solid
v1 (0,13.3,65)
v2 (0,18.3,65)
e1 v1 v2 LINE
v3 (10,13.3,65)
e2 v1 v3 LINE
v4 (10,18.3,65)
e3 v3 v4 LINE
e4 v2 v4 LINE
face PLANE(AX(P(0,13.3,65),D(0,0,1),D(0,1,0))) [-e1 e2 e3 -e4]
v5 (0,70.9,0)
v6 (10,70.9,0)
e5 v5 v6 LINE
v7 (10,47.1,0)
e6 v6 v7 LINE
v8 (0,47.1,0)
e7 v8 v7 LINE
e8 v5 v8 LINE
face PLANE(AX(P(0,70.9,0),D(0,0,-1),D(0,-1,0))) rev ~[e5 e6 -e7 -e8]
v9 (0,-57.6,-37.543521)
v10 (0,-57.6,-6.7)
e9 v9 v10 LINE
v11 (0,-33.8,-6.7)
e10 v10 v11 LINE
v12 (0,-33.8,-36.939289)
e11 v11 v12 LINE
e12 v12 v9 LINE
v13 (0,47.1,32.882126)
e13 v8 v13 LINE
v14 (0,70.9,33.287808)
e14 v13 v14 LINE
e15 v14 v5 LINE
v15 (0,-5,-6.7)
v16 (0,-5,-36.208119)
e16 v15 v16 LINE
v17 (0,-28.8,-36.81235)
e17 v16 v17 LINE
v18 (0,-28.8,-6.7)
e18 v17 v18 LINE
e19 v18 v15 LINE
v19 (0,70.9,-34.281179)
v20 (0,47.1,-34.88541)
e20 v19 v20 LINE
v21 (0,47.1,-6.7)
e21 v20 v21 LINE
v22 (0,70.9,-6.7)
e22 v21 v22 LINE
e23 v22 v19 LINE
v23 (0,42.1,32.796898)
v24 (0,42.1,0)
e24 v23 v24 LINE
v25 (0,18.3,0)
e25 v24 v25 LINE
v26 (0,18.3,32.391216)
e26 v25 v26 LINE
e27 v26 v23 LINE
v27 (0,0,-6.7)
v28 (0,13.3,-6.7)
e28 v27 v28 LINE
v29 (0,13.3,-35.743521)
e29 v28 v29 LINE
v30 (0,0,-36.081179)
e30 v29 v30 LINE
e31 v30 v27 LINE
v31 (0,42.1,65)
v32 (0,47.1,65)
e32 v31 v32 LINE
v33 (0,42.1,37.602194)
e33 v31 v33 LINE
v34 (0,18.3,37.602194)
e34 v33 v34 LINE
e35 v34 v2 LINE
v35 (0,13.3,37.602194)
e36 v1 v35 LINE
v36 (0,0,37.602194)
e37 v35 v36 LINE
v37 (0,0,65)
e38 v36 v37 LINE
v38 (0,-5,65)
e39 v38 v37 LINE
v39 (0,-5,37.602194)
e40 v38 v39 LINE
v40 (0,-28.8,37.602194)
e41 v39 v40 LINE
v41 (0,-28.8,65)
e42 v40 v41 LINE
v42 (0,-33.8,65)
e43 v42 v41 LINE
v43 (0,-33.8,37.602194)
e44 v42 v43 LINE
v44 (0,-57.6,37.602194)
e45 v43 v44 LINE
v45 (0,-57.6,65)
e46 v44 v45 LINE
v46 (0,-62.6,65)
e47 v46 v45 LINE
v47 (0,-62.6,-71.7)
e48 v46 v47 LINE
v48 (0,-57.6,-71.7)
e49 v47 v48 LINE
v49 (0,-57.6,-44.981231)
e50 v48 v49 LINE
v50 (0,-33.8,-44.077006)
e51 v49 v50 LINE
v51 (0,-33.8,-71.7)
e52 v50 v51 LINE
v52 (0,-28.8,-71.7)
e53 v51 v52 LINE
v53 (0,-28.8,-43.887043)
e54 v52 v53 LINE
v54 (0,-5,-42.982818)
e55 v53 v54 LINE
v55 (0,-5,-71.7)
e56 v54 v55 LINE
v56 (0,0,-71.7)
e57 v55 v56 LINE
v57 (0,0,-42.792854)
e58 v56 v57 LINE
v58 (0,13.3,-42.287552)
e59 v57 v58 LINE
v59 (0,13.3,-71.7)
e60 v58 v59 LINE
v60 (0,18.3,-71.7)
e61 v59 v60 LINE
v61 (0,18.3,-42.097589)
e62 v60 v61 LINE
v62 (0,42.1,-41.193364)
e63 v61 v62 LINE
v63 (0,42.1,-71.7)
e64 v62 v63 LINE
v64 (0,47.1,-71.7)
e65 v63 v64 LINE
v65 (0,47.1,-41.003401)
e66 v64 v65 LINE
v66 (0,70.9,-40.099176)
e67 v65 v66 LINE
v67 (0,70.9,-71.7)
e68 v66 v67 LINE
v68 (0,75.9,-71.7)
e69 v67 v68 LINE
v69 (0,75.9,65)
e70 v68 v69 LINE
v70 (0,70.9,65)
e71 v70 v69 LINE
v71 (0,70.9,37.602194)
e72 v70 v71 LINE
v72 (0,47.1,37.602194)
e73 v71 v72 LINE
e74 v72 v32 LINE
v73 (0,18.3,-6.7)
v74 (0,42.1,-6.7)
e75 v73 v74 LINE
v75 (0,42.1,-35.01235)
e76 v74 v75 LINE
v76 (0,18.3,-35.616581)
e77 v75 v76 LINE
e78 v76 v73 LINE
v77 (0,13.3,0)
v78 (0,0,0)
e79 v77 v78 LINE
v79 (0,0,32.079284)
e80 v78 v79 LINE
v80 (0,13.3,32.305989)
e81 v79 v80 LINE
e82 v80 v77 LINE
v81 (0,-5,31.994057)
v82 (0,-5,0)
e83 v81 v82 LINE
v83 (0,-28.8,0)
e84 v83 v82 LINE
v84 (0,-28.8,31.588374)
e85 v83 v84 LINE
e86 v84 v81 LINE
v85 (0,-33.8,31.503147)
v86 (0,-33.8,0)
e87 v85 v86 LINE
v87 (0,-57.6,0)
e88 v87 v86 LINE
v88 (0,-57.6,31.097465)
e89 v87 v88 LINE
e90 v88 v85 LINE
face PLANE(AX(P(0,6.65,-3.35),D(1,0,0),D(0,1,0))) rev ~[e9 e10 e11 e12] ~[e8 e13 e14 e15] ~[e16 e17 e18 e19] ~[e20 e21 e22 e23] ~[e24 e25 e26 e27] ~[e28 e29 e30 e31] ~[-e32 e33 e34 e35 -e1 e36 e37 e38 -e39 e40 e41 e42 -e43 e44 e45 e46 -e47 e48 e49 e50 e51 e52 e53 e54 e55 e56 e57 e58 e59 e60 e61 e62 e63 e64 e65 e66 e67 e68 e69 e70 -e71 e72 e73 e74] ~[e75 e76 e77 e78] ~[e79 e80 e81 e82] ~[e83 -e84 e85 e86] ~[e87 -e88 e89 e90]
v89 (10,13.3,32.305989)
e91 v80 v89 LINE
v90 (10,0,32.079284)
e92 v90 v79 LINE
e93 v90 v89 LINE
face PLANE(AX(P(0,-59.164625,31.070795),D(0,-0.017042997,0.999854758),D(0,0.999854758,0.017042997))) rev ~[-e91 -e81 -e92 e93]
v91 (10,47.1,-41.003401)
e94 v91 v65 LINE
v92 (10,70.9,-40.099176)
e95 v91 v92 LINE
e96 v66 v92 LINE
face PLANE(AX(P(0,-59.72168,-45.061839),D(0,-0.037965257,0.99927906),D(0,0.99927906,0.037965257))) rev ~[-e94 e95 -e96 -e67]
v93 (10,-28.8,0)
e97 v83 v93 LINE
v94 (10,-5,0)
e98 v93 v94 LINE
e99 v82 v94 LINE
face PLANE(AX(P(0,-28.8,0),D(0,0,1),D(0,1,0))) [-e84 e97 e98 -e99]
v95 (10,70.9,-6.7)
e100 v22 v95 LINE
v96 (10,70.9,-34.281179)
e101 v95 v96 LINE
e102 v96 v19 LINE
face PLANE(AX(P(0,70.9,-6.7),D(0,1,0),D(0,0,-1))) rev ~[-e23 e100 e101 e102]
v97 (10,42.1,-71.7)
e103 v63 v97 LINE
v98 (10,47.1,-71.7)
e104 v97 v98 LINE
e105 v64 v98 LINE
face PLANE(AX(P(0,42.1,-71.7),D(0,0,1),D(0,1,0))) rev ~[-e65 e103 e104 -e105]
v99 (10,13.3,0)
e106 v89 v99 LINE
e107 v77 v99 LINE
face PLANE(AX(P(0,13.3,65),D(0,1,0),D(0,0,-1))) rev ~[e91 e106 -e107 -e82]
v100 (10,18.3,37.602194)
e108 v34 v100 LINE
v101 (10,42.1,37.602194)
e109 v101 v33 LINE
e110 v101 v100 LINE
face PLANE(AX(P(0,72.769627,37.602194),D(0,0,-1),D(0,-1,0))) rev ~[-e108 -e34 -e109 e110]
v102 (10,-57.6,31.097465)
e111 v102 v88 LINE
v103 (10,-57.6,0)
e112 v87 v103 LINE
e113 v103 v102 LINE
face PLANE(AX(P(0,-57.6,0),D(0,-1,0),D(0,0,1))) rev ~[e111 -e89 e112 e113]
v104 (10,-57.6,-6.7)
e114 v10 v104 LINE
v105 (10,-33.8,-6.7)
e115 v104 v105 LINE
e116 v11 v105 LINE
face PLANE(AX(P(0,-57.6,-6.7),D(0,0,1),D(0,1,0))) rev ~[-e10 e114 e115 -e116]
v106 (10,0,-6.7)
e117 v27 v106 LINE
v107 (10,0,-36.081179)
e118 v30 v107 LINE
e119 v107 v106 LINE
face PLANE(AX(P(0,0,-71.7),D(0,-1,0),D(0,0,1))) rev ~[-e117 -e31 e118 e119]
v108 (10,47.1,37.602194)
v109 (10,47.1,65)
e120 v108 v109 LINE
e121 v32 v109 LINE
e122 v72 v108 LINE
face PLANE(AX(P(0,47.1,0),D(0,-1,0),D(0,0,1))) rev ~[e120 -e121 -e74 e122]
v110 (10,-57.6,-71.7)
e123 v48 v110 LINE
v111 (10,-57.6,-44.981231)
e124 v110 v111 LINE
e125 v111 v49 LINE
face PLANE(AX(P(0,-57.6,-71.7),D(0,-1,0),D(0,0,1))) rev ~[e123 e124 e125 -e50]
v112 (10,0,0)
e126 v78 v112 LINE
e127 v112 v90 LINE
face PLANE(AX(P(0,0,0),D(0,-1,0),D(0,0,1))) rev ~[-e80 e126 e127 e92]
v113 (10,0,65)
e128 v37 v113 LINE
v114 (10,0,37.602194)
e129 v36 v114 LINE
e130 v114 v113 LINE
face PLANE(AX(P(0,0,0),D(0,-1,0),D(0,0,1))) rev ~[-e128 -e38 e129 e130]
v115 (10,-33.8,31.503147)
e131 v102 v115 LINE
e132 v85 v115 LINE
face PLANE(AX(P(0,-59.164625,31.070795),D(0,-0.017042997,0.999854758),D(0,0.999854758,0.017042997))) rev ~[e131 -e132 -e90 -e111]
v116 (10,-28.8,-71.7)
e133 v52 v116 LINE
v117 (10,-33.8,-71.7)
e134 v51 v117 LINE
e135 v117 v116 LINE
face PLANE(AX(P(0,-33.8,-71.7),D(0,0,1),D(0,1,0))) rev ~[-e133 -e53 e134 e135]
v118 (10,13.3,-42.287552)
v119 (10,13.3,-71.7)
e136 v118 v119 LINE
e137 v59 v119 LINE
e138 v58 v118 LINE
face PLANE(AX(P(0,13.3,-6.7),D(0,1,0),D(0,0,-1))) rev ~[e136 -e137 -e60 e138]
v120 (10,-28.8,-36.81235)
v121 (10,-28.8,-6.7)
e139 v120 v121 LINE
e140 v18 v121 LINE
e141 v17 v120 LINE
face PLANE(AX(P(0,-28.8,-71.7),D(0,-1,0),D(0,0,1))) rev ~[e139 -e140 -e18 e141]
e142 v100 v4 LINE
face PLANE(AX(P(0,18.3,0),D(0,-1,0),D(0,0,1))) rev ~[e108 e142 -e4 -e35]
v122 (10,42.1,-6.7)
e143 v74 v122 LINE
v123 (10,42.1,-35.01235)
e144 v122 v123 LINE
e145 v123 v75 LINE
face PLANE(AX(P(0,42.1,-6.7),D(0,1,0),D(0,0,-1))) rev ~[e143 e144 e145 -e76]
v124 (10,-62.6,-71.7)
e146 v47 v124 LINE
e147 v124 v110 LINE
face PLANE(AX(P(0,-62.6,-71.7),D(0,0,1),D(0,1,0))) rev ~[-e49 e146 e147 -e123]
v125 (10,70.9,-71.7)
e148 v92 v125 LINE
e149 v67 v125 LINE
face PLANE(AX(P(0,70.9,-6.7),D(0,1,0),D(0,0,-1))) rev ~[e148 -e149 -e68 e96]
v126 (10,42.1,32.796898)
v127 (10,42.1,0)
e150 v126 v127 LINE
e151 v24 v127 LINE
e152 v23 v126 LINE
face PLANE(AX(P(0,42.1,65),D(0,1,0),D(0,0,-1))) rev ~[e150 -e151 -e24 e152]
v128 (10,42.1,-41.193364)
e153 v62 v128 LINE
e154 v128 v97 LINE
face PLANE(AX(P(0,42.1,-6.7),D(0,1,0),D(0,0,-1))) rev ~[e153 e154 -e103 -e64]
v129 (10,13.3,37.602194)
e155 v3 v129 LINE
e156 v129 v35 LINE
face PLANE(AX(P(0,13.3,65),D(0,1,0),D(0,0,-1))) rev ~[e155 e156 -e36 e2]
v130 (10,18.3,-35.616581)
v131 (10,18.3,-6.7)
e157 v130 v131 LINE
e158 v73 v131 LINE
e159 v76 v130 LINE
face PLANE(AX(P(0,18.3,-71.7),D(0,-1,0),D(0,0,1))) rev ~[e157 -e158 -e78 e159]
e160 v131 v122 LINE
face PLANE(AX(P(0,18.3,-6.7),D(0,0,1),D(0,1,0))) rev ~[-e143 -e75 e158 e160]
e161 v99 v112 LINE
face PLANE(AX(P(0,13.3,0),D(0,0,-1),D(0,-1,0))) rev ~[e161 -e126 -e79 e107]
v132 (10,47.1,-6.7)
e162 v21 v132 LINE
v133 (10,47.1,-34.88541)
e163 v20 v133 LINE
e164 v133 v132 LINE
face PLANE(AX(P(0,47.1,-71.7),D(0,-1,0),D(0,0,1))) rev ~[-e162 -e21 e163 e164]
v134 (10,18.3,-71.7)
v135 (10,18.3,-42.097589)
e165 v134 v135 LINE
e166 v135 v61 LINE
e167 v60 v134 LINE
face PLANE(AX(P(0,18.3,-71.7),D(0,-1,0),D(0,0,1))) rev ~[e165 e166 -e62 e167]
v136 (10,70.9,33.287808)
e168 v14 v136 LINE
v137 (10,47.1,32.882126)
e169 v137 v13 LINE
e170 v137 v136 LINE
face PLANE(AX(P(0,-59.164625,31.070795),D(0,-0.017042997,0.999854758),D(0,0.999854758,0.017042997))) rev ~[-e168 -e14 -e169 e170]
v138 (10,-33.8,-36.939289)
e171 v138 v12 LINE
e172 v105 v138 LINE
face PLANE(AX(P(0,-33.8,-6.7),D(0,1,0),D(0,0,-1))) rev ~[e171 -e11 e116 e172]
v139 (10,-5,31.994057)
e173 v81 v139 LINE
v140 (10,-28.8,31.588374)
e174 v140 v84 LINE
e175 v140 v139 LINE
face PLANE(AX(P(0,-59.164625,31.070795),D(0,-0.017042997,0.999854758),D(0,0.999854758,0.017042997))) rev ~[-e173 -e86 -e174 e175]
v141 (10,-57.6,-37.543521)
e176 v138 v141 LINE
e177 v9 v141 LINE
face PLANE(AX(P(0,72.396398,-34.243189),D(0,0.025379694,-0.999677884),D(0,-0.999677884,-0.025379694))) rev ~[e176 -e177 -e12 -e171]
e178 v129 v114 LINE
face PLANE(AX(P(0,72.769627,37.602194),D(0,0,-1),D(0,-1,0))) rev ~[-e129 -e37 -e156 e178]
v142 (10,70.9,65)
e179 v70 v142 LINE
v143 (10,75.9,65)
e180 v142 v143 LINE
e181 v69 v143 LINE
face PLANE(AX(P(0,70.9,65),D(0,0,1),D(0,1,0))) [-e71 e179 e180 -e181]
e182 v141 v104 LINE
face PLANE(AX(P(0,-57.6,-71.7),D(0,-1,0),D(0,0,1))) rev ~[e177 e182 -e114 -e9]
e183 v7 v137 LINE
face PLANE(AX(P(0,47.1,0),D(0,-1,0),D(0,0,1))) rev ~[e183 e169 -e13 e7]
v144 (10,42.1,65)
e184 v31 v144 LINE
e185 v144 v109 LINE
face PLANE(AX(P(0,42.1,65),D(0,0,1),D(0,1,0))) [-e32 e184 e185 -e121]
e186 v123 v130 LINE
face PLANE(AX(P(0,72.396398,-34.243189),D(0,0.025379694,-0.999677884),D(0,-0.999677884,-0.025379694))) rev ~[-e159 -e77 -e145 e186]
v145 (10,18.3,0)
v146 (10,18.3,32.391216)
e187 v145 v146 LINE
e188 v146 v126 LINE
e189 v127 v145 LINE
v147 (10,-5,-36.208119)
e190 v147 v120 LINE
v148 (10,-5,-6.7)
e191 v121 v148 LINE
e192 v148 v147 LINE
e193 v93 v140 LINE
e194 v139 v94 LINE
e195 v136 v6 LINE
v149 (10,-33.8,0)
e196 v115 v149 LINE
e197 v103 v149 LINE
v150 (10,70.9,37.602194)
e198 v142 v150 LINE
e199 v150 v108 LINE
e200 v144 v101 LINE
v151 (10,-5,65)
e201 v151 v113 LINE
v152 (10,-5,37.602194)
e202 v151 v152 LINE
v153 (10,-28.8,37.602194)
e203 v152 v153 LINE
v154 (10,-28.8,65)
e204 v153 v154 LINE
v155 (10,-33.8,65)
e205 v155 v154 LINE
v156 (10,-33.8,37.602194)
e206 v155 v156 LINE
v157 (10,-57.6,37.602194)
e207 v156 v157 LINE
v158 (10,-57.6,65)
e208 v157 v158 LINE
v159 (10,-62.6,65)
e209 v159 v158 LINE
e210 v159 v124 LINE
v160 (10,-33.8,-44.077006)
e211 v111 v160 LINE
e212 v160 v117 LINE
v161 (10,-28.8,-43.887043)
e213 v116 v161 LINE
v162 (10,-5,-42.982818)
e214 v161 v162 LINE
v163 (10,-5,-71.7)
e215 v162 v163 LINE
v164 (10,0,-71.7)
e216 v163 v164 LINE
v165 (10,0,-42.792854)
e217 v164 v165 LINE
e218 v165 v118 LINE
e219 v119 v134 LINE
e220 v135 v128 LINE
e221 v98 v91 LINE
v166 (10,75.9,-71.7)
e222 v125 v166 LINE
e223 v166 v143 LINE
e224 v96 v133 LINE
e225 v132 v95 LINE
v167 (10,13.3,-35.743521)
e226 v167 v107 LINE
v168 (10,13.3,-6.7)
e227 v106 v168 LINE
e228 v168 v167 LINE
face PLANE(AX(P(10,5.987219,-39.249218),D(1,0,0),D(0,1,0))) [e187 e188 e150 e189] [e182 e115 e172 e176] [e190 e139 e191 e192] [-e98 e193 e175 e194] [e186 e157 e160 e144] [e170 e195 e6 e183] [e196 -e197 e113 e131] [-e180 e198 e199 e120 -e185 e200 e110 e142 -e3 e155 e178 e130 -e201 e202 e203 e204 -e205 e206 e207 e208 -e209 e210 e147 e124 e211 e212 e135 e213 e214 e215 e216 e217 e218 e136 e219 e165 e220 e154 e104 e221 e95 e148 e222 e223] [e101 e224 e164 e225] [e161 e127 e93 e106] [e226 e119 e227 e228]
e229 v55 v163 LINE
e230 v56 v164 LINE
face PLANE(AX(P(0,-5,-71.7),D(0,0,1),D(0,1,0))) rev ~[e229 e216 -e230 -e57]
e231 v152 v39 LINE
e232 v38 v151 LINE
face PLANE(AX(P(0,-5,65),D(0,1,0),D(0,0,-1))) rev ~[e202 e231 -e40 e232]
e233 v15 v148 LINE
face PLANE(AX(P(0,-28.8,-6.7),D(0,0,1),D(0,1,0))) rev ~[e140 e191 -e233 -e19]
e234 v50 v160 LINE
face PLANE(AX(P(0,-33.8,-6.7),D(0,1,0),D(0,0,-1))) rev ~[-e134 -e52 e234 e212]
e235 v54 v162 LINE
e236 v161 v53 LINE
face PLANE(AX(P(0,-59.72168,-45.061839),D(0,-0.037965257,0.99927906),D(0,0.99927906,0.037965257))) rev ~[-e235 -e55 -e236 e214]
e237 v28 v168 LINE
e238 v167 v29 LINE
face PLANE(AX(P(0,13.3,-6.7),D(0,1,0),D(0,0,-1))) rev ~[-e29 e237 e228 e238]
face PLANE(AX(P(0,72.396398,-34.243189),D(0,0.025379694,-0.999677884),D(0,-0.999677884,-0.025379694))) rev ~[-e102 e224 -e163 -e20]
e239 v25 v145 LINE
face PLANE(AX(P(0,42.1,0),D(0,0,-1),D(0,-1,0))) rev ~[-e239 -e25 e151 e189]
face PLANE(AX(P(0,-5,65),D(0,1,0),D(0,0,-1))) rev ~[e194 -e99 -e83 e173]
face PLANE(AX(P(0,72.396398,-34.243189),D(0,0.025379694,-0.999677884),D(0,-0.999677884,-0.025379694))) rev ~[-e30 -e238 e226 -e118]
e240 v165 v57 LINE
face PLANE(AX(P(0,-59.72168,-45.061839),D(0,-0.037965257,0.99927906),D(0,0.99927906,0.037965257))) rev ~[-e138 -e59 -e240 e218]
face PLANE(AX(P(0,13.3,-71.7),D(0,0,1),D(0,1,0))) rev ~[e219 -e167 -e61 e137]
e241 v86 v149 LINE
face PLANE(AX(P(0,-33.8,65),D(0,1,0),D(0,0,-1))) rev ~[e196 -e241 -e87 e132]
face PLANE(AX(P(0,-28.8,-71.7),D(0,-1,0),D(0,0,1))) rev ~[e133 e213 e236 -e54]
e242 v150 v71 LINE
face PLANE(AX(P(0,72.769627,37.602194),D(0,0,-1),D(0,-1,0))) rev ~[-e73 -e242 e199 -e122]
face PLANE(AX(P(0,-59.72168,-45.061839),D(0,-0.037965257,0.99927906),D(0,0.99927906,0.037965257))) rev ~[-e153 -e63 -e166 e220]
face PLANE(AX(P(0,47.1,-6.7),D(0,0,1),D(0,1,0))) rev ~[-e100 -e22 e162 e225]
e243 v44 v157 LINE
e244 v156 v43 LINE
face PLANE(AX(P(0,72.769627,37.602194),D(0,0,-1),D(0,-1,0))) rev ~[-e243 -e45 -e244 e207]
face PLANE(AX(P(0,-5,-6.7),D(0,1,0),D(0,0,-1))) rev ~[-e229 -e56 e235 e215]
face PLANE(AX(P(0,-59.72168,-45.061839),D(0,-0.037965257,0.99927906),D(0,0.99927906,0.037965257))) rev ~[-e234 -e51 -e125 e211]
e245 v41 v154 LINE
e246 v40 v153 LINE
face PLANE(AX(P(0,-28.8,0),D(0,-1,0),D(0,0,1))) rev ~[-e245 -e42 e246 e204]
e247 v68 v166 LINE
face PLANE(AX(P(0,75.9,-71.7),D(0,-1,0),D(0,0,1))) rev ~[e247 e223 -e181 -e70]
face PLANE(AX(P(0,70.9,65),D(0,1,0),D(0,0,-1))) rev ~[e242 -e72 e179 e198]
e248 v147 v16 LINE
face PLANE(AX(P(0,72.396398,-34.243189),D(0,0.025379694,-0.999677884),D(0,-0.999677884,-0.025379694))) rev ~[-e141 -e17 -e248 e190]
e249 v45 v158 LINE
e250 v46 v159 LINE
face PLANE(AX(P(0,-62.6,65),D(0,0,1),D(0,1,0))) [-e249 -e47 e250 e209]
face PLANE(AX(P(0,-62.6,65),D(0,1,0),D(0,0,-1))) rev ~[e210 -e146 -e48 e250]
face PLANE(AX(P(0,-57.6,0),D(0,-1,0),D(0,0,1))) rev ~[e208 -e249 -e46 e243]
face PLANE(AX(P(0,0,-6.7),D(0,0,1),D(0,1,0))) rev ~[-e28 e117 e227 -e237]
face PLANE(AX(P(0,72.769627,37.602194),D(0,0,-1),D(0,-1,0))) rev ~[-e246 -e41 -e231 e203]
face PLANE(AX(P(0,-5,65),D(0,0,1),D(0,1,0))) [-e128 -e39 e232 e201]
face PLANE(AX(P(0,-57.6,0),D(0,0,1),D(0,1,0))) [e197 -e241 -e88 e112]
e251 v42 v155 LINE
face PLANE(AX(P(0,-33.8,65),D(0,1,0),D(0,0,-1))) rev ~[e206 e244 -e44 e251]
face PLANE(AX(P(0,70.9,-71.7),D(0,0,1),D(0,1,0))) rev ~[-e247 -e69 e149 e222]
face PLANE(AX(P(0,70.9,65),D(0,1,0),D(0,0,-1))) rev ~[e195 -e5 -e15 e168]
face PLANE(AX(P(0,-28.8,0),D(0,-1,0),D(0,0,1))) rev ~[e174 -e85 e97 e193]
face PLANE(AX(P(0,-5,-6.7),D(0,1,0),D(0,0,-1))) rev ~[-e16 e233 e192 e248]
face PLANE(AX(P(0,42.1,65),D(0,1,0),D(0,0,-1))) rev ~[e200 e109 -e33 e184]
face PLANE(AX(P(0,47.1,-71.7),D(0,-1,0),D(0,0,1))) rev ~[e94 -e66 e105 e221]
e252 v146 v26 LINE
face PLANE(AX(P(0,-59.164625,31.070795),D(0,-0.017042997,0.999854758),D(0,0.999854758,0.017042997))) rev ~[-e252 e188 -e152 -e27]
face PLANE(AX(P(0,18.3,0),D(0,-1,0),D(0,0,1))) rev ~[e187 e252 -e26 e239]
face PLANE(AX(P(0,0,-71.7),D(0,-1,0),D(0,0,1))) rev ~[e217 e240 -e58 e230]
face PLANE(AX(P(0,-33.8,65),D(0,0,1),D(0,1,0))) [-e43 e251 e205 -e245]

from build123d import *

# Parameters (mm, degrees)
F0_W     = 13.3
F0_H     = 6.7
F0_W_2   = 5
F0_H_2   = 58.3
F0_W_3   = 23.8
F1_DEPTH = 10
F3_DEPTH = 10


with BuildPart() as f1:
    # F0 (on Right) → F1 (new body)
    with BuildSketch(Plane.YZ):
        with Locations((6.65, -3.35)):
            Rectangle(F0_W, F0_H)
        with Locations((-2.5, 29.15)):
            Rectangle(F0_W_2, F0_H_2)
        with Locations((-2.5, -3.35)):
            Rectangle(F0_W_2, F0_H)
        with Locations((-2.5, -35.85)):
            Rectangle(F0_W_2, F0_H_2)
        with Locations((-2.5, 61.65)):
            Rectangle(F0_W_2, F0_H)
        with Locations((-16.9, -3.35)):
            Rectangle(F0_W_3, F0_H)
        with Locations((15.8, -3.35)):
            Rectangle(F0_W_2, F0_H)
        with Locations((15.8, 29.15)):
            Rectangle(F0_W_2, F0_H_2)
        with Locations((-2.5, -68.35)):
            Rectangle(F0_W_2, F0_H)
        with Locations((15.8, -35.85)):
            Rectangle(F0_W_2, F0_H_2)
        with Locations((-31.3, 29.15)):
            Rectangle(F0_W_2, F0_H_2)
        with Locations((-31.3, -3.35)):
            Rectangle(F0_W_2, F0_H)
        with Locations((15.8, 61.65)):
            Rectangle(F0_W_2, F0_H)
        with Locations((30.2, -3.35)):
            Rectangle(F0_W_3, F0_H)
        with Locations((-31.3, -35.85)):
            Rectangle(F0_W_2, F0_H_2)
        with Locations((15.8, -68.35)):
            Rectangle(F0_W_2, F0_H)
        with Locations((-31.3, 61.65)):
            Rectangle(F0_W_2, F0_H)
        with Locations((-45.7, -3.35)):
            Rectangle(F0_W_3, F0_H)
        with Locations((44.6, -3.35)):
            Rectangle(F0_W_2, F0_H)
        with Locations((44.6, 29.15)):
            Rectangle(F0_W_2, F0_H_2)
        with Locations((-31.3, -68.35)):
            Rectangle(F0_W_2, F0_H)
        with Locations((44.6, -35.85)):
            Rectangle(F0_W_2, F0_H_2)
        with Locations((-60.1, 29.15)):
            Rectangle(F0_W_2, F0_H_2)
        with Locations((-60.1, -3.35)):
            Rectangle(F0_W_2, F0_H)
        with Locations((44.6, 61.65)):
            Rectangle(F0_W_2, F0_H)
        with Locations((59, -3.35)):
            Rectangle(F0_W_3, F0_H)
        with Locations((-60.1, -35.85)):
            Rectangle(F0_W_2, F0_H_2)
        with Locations((44.6, -68.35)):
            Rectangle(F0_W_2, F0_H)
        with Locations((-60.1, 61.65)):
            Rectangle(F0_W_2, F0_H)
        with Locations((73.4, -3.35)):
            Rectangle(F0_W_2, F0_H)
        with Locations((73.4, 29.15)):
            Rectangle(F0_W_2, F0_H_2)
        with Locations((-60.1, -68.35)):
            Rectangle(F0_W_2, F0_H)
        with Locations((73.4, -35.85)):
            Rectangle(F0_W_2, F0_H_2)
        with Locations((73.4, 61.65)):
            Rectangle(F0_W_2, F0_H)
        with Locations((73.4, -68.35)):
            Rectangle(F0_W_2, F0_H)
    extrude(amount=F1_DEPTH)

    # F2 (on Right) → F3 (join)
    with BuildSketch(Plane.YZ):
        Polygon((72.7696269751, -40.0281436741), (72.3963975906, -34.2431887984), (-59.9110648036, -37.6021936536), (-59.7216802819, -45.0618391617), align=None)
        Polygon((72.209790349, 33.3101339638), (72.7696269751, 37.6021936536), (-59.1646246612, 37.6021936536), (-59.1646246612, 31.0707949102), align=None)
    extrude(amount=F3_DEPTH)


solid = f1.part
